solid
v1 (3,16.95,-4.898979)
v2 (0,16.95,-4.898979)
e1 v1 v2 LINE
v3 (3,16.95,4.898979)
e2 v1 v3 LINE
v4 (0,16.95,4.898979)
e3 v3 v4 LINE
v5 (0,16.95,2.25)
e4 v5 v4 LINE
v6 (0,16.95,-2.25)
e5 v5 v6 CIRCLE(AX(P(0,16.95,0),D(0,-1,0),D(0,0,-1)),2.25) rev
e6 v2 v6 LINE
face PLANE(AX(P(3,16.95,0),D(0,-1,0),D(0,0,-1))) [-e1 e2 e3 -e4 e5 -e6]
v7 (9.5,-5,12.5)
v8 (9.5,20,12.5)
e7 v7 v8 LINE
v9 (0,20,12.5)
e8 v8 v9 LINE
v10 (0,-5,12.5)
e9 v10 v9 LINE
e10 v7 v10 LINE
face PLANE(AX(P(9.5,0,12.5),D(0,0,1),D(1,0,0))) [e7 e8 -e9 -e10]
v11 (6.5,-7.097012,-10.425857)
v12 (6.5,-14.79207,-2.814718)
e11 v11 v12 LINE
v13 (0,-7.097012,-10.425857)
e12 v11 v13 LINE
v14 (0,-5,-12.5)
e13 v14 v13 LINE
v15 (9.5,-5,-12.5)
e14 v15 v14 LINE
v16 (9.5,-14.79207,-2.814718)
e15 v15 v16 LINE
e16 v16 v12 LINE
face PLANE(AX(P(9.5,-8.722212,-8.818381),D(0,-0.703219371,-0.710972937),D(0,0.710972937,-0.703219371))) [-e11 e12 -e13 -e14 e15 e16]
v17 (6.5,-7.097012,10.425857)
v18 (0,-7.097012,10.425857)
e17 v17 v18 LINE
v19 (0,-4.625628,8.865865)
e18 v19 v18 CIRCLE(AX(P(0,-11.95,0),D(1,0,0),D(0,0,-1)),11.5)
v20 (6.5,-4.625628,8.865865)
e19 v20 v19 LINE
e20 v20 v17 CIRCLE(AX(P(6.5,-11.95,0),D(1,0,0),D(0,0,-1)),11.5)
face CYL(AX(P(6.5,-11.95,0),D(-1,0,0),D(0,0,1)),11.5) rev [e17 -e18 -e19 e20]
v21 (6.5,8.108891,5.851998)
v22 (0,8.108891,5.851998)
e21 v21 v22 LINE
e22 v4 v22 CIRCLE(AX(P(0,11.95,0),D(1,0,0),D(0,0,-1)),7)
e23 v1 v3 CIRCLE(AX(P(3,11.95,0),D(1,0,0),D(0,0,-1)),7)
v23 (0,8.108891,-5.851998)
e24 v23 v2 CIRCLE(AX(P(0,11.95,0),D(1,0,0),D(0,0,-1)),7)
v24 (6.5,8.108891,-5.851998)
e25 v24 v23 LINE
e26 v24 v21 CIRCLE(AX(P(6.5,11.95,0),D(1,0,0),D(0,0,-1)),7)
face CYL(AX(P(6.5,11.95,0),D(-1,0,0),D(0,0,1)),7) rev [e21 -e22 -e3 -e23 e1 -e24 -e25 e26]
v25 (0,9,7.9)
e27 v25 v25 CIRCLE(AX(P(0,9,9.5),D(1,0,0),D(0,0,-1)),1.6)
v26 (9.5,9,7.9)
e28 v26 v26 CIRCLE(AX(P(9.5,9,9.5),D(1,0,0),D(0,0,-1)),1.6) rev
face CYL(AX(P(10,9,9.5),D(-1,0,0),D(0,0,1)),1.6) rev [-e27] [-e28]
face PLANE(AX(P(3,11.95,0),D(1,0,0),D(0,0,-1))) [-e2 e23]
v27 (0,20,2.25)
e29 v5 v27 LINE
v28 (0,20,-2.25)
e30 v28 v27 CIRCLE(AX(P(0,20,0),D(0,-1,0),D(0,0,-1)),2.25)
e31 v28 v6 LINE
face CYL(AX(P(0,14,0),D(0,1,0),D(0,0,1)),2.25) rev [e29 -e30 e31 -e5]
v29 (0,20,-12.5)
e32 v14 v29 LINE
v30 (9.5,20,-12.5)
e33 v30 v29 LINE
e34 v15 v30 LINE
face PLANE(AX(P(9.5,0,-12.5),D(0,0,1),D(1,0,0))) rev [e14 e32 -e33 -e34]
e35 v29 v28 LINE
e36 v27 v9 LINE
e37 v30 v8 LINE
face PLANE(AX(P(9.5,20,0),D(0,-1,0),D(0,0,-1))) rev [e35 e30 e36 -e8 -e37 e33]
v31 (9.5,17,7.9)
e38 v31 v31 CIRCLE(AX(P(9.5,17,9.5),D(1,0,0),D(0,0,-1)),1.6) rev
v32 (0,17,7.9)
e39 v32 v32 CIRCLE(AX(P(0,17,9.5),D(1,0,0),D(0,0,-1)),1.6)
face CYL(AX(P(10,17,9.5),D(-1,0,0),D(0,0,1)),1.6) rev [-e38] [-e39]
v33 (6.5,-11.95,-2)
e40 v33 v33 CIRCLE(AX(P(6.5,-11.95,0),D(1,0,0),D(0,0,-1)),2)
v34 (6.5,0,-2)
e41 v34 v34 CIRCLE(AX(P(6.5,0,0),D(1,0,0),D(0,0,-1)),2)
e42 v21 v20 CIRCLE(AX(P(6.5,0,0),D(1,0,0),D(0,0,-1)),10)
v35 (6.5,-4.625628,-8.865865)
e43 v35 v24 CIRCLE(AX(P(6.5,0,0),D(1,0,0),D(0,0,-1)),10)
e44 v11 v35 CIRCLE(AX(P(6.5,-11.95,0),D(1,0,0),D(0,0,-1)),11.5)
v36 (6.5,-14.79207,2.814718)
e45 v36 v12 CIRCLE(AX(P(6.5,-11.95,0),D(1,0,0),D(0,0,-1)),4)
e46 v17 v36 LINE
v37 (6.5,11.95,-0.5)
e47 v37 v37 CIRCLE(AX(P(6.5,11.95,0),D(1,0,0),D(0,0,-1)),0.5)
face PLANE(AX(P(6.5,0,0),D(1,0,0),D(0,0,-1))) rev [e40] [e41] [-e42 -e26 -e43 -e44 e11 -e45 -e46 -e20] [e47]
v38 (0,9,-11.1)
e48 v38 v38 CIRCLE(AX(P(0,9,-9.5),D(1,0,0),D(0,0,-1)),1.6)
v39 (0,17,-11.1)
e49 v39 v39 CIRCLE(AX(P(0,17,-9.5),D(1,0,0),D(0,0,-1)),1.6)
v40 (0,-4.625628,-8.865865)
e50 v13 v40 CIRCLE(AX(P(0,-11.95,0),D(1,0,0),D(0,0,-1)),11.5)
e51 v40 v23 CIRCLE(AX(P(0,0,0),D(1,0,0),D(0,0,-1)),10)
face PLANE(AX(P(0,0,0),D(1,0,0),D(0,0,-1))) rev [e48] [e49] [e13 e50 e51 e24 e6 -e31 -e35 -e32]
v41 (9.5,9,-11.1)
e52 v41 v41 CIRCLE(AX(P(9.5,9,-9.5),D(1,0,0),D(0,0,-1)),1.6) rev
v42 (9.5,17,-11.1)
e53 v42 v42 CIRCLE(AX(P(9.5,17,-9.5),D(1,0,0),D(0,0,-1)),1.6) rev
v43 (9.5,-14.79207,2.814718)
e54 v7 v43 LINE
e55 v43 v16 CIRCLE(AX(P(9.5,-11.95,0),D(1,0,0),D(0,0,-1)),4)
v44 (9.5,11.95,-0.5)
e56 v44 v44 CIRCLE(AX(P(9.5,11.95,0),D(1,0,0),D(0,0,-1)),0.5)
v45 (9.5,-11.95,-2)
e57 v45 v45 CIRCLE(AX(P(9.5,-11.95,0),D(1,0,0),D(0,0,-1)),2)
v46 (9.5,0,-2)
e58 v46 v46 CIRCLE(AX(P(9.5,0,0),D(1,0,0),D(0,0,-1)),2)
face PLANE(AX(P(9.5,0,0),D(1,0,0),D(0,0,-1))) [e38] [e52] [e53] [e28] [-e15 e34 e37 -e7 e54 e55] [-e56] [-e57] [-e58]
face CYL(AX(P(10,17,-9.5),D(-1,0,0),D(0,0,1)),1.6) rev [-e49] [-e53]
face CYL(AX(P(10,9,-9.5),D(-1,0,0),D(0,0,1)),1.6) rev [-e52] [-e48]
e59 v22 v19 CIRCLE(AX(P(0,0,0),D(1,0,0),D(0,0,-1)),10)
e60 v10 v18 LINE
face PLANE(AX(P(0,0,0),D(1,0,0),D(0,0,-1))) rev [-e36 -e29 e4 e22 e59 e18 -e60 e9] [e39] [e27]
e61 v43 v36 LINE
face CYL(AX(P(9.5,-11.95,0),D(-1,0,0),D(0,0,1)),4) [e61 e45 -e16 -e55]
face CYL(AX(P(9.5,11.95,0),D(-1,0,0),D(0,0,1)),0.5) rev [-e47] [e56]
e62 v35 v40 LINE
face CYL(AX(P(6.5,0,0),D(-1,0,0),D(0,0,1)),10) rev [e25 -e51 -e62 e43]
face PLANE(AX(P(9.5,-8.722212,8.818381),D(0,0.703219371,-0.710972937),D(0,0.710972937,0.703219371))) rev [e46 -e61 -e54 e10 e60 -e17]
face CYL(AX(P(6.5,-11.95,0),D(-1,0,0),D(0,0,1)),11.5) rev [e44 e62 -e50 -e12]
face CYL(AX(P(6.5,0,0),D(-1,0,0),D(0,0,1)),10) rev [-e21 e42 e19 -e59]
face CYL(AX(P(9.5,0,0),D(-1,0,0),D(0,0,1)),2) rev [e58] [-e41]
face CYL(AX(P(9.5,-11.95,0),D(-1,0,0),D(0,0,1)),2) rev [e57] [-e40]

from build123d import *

# Parameters (mm, degrees)
SKETCH1_R           = 2
SKETCH1_R_2         = 0.5
BOSS_EXTRUDE1_DEPTH = 9.5
SKETCH1_3_R         = 2
SKETCH1_3_R_2       = 0.5
CUT_EXTRUDE1_DEPTH  = 6.5
BOSS_EXTRUDE2_DEPTH = 3
CUT_EXTRUDE2_START  = 20
SKETCH3_R           = 2.25
CUT_EXTRUDE2_DEPTH  = 6
SKETCH5_R           = 1.6
CUT_EXTRUDE3_DEPTH  = 10


with BuildPart() as part:
    # Sketch1 → Boss-Extrude1 (new body)
    with BuildSketch(Plane(origin=(0, 0, 0), x_dir=(0, 0, -1), z_dir=(1, 0, 0))):
        with BuildLine():
            Line((2.814717913, -14.792070209), (10.42585747, -7.09701164))
            ThreePointArc((10.42585747, -7.09701164), (9.72468907, -5.811561885), (8.865865393, -4.625627615))
            ThreePointArc((8.865865393, -4.625627615), (9.731180291, 2.303069722), (5.85199823, 8.108891213))
            ThreePointArc((5.85199823, 8.108891213), (0, 18.95), (-5.85199823, 8.108891213))
            ThreePointArc((-5.85199823, 8.108891213), (-9.731180291, 2.303069722), (-8.865865393, -4.625627615))
            ThreePointArc((-8.865865393, -4.625627615), (-9.72468907, -5.811561885), (-10.42585747, -7.09701164))
            Line((-10.42585747, -7.09701164), (-2.814717913, -14.792070209))
            ThreePointArc((-2.814717913, -14.792070209), (0, -15.95), (2.814717913, -14.792070209))
        make_face()
        with Locations((0, -11.95)):
            Circle(SKETCH1_R, mode=Mode.SUBTRACT)
        Circle(SKETCH1_R, mode=Mode.SUBTRACT)
        with Locations((0, 11.95)):
            Circle(SKETCH1_R_2, mode=Mode.SUBTRACT)
        with BuildLine():
            Line((10.42585747, -7.09701164), (12.5, -5))
            Line((12.5, -5), (12.5, 20))
            Line((12.5, 20), (-12.5, 20))
            Line((-12.5, 20), (-12.5, -5))
            Line((-12.5, -5), (-10.42585747, -7.09701164))
            ThreePointArc((-10.42585747, -7.09701164), (-9.72468907, -5.811561885), (-8.865865393, -4.625627615))
            ThreePointArc((-8.865865393, -4.625627615), (-9.731180291, 2.303069722), (-5.85199823, 8.108891213))
            ThreePointArc((-5.85199823, 8.108891213), (0, 18.95), (5.85199823, 8.108891213))
            ThreePointArc((5.85199823, 8.108891213), (9.731180291, 2.303069722), (8.865865393, -4.625627615))
            ThreePointArc((8.865865393, -4.625627615), (9.72468907, -5.811561885), (10.42585747, -7.09701164))
        make_face()
    extrude(amount=BOSS_EXTRUDE1_DEPTH)

    # Sketch1<3> → Cut-Extrude1 (cut)
    with BuildSketch(Plane(origin=(0, 0, 0), x_dir=(0, 0, -1), z_dir=(1, 0, 0))):
        with BuildLine():
            Line((2.814717913, -14.792070209), (10.42585747, -7.09701164))
            ThreePointArc((10.42585747, -7.09701164), (9.72468907, -5.811561885), (8.865865393, -4.625627615))
            ThreePointArc((8.865865393, -4.625627615), (9.731180291, 2.303069722), (5.85199823, 8.108891213))
            ThreePointArc((5.85199823, 8.108891213), (0, 18.95), (-5.85199823, 8.108891213))
            ThreePointArc((-5.85199823, 8.108891213), (-9.731180291, 2.303069722), (-8.865865393, -4.625627615))
            ThreePointArc((-8.865865393, -4.625627615), (-9.72468907, -5.811561885), (-10.42585747, -7.09701164))
            Line((-10.42585747, -7.09701164), (-2.814717913, -14.792070209))
            ThreePointArc((-2.814717913, -14.792070209), (0, -15.95), (2.814717913, -14.792070209))
        make_face()
        with Locations((0, -11.95)):
            Circle(SKETCH1_3_R, mode=Mode.SUBTRACT)
        Circle(SKETCH1_3_R, mode=Mode.SUBTRACT)
        with Locations((0, 11.95)):
            Circle(SKETCH1_3_R_2, mode=Mode.SUBTRACT)
    extrude(amount=CUT_EXTRUDE1_DEPTH, mode=Mode.SUBTRACT)

    # Sketch4 → Boss-Extrude2 (add)
    with BuildSketch(Plane(origin=(0, 0, 0), x_dir=(0, 0, -1), z_dir=(1, 0, 0))):
        with BuildLine():
            Line((4.898979486, 16.95), (-4.898979486, 16.95))
            ThreePointArc((-4.898979486, 16.95), (0, 18.95), (4.898979486, 16.95))
        make_face()
    extrude(amount=BOSS_EXTRUDE2_DEPTH)

    # Sketch3 → Cut-Extrude2 (cut)
    with BuildSketch(Plane(origin=(0, 0, 0), x_dir=(1, 0, 0), z_dir=(0, 1, 0)).offset(CUT_EXTRUDE2_START)):
        Circle(SKETCH3_R)
    extrude(amount=-CUT_EXTRUDE2_DEPTH, mode=Mode.SUBTRACT)

    # Sketch5 → Cut-Extrude3 (cut)
    with BuildSketch(Plane(origin=(0, 0, 0), x_dir=(0, 0, -1), z_dir=(1, 0, 0))):
        with Locations((9.5, 9)):
            Circle(SKETCH5_R)
        with Locations((-9.5, 9)):
            Circle(SKETCH5_R)
        with Locations((-9.5, 17)):
            Circle(SKETCH5_R)
        with Locations((9.5, 17)):
            Circle(SKETCH5_R)
    extrude(amount=CUT_EXTRUDE3_DEPTH, mode=Mode.SUBTRACT)


solid = part.part
